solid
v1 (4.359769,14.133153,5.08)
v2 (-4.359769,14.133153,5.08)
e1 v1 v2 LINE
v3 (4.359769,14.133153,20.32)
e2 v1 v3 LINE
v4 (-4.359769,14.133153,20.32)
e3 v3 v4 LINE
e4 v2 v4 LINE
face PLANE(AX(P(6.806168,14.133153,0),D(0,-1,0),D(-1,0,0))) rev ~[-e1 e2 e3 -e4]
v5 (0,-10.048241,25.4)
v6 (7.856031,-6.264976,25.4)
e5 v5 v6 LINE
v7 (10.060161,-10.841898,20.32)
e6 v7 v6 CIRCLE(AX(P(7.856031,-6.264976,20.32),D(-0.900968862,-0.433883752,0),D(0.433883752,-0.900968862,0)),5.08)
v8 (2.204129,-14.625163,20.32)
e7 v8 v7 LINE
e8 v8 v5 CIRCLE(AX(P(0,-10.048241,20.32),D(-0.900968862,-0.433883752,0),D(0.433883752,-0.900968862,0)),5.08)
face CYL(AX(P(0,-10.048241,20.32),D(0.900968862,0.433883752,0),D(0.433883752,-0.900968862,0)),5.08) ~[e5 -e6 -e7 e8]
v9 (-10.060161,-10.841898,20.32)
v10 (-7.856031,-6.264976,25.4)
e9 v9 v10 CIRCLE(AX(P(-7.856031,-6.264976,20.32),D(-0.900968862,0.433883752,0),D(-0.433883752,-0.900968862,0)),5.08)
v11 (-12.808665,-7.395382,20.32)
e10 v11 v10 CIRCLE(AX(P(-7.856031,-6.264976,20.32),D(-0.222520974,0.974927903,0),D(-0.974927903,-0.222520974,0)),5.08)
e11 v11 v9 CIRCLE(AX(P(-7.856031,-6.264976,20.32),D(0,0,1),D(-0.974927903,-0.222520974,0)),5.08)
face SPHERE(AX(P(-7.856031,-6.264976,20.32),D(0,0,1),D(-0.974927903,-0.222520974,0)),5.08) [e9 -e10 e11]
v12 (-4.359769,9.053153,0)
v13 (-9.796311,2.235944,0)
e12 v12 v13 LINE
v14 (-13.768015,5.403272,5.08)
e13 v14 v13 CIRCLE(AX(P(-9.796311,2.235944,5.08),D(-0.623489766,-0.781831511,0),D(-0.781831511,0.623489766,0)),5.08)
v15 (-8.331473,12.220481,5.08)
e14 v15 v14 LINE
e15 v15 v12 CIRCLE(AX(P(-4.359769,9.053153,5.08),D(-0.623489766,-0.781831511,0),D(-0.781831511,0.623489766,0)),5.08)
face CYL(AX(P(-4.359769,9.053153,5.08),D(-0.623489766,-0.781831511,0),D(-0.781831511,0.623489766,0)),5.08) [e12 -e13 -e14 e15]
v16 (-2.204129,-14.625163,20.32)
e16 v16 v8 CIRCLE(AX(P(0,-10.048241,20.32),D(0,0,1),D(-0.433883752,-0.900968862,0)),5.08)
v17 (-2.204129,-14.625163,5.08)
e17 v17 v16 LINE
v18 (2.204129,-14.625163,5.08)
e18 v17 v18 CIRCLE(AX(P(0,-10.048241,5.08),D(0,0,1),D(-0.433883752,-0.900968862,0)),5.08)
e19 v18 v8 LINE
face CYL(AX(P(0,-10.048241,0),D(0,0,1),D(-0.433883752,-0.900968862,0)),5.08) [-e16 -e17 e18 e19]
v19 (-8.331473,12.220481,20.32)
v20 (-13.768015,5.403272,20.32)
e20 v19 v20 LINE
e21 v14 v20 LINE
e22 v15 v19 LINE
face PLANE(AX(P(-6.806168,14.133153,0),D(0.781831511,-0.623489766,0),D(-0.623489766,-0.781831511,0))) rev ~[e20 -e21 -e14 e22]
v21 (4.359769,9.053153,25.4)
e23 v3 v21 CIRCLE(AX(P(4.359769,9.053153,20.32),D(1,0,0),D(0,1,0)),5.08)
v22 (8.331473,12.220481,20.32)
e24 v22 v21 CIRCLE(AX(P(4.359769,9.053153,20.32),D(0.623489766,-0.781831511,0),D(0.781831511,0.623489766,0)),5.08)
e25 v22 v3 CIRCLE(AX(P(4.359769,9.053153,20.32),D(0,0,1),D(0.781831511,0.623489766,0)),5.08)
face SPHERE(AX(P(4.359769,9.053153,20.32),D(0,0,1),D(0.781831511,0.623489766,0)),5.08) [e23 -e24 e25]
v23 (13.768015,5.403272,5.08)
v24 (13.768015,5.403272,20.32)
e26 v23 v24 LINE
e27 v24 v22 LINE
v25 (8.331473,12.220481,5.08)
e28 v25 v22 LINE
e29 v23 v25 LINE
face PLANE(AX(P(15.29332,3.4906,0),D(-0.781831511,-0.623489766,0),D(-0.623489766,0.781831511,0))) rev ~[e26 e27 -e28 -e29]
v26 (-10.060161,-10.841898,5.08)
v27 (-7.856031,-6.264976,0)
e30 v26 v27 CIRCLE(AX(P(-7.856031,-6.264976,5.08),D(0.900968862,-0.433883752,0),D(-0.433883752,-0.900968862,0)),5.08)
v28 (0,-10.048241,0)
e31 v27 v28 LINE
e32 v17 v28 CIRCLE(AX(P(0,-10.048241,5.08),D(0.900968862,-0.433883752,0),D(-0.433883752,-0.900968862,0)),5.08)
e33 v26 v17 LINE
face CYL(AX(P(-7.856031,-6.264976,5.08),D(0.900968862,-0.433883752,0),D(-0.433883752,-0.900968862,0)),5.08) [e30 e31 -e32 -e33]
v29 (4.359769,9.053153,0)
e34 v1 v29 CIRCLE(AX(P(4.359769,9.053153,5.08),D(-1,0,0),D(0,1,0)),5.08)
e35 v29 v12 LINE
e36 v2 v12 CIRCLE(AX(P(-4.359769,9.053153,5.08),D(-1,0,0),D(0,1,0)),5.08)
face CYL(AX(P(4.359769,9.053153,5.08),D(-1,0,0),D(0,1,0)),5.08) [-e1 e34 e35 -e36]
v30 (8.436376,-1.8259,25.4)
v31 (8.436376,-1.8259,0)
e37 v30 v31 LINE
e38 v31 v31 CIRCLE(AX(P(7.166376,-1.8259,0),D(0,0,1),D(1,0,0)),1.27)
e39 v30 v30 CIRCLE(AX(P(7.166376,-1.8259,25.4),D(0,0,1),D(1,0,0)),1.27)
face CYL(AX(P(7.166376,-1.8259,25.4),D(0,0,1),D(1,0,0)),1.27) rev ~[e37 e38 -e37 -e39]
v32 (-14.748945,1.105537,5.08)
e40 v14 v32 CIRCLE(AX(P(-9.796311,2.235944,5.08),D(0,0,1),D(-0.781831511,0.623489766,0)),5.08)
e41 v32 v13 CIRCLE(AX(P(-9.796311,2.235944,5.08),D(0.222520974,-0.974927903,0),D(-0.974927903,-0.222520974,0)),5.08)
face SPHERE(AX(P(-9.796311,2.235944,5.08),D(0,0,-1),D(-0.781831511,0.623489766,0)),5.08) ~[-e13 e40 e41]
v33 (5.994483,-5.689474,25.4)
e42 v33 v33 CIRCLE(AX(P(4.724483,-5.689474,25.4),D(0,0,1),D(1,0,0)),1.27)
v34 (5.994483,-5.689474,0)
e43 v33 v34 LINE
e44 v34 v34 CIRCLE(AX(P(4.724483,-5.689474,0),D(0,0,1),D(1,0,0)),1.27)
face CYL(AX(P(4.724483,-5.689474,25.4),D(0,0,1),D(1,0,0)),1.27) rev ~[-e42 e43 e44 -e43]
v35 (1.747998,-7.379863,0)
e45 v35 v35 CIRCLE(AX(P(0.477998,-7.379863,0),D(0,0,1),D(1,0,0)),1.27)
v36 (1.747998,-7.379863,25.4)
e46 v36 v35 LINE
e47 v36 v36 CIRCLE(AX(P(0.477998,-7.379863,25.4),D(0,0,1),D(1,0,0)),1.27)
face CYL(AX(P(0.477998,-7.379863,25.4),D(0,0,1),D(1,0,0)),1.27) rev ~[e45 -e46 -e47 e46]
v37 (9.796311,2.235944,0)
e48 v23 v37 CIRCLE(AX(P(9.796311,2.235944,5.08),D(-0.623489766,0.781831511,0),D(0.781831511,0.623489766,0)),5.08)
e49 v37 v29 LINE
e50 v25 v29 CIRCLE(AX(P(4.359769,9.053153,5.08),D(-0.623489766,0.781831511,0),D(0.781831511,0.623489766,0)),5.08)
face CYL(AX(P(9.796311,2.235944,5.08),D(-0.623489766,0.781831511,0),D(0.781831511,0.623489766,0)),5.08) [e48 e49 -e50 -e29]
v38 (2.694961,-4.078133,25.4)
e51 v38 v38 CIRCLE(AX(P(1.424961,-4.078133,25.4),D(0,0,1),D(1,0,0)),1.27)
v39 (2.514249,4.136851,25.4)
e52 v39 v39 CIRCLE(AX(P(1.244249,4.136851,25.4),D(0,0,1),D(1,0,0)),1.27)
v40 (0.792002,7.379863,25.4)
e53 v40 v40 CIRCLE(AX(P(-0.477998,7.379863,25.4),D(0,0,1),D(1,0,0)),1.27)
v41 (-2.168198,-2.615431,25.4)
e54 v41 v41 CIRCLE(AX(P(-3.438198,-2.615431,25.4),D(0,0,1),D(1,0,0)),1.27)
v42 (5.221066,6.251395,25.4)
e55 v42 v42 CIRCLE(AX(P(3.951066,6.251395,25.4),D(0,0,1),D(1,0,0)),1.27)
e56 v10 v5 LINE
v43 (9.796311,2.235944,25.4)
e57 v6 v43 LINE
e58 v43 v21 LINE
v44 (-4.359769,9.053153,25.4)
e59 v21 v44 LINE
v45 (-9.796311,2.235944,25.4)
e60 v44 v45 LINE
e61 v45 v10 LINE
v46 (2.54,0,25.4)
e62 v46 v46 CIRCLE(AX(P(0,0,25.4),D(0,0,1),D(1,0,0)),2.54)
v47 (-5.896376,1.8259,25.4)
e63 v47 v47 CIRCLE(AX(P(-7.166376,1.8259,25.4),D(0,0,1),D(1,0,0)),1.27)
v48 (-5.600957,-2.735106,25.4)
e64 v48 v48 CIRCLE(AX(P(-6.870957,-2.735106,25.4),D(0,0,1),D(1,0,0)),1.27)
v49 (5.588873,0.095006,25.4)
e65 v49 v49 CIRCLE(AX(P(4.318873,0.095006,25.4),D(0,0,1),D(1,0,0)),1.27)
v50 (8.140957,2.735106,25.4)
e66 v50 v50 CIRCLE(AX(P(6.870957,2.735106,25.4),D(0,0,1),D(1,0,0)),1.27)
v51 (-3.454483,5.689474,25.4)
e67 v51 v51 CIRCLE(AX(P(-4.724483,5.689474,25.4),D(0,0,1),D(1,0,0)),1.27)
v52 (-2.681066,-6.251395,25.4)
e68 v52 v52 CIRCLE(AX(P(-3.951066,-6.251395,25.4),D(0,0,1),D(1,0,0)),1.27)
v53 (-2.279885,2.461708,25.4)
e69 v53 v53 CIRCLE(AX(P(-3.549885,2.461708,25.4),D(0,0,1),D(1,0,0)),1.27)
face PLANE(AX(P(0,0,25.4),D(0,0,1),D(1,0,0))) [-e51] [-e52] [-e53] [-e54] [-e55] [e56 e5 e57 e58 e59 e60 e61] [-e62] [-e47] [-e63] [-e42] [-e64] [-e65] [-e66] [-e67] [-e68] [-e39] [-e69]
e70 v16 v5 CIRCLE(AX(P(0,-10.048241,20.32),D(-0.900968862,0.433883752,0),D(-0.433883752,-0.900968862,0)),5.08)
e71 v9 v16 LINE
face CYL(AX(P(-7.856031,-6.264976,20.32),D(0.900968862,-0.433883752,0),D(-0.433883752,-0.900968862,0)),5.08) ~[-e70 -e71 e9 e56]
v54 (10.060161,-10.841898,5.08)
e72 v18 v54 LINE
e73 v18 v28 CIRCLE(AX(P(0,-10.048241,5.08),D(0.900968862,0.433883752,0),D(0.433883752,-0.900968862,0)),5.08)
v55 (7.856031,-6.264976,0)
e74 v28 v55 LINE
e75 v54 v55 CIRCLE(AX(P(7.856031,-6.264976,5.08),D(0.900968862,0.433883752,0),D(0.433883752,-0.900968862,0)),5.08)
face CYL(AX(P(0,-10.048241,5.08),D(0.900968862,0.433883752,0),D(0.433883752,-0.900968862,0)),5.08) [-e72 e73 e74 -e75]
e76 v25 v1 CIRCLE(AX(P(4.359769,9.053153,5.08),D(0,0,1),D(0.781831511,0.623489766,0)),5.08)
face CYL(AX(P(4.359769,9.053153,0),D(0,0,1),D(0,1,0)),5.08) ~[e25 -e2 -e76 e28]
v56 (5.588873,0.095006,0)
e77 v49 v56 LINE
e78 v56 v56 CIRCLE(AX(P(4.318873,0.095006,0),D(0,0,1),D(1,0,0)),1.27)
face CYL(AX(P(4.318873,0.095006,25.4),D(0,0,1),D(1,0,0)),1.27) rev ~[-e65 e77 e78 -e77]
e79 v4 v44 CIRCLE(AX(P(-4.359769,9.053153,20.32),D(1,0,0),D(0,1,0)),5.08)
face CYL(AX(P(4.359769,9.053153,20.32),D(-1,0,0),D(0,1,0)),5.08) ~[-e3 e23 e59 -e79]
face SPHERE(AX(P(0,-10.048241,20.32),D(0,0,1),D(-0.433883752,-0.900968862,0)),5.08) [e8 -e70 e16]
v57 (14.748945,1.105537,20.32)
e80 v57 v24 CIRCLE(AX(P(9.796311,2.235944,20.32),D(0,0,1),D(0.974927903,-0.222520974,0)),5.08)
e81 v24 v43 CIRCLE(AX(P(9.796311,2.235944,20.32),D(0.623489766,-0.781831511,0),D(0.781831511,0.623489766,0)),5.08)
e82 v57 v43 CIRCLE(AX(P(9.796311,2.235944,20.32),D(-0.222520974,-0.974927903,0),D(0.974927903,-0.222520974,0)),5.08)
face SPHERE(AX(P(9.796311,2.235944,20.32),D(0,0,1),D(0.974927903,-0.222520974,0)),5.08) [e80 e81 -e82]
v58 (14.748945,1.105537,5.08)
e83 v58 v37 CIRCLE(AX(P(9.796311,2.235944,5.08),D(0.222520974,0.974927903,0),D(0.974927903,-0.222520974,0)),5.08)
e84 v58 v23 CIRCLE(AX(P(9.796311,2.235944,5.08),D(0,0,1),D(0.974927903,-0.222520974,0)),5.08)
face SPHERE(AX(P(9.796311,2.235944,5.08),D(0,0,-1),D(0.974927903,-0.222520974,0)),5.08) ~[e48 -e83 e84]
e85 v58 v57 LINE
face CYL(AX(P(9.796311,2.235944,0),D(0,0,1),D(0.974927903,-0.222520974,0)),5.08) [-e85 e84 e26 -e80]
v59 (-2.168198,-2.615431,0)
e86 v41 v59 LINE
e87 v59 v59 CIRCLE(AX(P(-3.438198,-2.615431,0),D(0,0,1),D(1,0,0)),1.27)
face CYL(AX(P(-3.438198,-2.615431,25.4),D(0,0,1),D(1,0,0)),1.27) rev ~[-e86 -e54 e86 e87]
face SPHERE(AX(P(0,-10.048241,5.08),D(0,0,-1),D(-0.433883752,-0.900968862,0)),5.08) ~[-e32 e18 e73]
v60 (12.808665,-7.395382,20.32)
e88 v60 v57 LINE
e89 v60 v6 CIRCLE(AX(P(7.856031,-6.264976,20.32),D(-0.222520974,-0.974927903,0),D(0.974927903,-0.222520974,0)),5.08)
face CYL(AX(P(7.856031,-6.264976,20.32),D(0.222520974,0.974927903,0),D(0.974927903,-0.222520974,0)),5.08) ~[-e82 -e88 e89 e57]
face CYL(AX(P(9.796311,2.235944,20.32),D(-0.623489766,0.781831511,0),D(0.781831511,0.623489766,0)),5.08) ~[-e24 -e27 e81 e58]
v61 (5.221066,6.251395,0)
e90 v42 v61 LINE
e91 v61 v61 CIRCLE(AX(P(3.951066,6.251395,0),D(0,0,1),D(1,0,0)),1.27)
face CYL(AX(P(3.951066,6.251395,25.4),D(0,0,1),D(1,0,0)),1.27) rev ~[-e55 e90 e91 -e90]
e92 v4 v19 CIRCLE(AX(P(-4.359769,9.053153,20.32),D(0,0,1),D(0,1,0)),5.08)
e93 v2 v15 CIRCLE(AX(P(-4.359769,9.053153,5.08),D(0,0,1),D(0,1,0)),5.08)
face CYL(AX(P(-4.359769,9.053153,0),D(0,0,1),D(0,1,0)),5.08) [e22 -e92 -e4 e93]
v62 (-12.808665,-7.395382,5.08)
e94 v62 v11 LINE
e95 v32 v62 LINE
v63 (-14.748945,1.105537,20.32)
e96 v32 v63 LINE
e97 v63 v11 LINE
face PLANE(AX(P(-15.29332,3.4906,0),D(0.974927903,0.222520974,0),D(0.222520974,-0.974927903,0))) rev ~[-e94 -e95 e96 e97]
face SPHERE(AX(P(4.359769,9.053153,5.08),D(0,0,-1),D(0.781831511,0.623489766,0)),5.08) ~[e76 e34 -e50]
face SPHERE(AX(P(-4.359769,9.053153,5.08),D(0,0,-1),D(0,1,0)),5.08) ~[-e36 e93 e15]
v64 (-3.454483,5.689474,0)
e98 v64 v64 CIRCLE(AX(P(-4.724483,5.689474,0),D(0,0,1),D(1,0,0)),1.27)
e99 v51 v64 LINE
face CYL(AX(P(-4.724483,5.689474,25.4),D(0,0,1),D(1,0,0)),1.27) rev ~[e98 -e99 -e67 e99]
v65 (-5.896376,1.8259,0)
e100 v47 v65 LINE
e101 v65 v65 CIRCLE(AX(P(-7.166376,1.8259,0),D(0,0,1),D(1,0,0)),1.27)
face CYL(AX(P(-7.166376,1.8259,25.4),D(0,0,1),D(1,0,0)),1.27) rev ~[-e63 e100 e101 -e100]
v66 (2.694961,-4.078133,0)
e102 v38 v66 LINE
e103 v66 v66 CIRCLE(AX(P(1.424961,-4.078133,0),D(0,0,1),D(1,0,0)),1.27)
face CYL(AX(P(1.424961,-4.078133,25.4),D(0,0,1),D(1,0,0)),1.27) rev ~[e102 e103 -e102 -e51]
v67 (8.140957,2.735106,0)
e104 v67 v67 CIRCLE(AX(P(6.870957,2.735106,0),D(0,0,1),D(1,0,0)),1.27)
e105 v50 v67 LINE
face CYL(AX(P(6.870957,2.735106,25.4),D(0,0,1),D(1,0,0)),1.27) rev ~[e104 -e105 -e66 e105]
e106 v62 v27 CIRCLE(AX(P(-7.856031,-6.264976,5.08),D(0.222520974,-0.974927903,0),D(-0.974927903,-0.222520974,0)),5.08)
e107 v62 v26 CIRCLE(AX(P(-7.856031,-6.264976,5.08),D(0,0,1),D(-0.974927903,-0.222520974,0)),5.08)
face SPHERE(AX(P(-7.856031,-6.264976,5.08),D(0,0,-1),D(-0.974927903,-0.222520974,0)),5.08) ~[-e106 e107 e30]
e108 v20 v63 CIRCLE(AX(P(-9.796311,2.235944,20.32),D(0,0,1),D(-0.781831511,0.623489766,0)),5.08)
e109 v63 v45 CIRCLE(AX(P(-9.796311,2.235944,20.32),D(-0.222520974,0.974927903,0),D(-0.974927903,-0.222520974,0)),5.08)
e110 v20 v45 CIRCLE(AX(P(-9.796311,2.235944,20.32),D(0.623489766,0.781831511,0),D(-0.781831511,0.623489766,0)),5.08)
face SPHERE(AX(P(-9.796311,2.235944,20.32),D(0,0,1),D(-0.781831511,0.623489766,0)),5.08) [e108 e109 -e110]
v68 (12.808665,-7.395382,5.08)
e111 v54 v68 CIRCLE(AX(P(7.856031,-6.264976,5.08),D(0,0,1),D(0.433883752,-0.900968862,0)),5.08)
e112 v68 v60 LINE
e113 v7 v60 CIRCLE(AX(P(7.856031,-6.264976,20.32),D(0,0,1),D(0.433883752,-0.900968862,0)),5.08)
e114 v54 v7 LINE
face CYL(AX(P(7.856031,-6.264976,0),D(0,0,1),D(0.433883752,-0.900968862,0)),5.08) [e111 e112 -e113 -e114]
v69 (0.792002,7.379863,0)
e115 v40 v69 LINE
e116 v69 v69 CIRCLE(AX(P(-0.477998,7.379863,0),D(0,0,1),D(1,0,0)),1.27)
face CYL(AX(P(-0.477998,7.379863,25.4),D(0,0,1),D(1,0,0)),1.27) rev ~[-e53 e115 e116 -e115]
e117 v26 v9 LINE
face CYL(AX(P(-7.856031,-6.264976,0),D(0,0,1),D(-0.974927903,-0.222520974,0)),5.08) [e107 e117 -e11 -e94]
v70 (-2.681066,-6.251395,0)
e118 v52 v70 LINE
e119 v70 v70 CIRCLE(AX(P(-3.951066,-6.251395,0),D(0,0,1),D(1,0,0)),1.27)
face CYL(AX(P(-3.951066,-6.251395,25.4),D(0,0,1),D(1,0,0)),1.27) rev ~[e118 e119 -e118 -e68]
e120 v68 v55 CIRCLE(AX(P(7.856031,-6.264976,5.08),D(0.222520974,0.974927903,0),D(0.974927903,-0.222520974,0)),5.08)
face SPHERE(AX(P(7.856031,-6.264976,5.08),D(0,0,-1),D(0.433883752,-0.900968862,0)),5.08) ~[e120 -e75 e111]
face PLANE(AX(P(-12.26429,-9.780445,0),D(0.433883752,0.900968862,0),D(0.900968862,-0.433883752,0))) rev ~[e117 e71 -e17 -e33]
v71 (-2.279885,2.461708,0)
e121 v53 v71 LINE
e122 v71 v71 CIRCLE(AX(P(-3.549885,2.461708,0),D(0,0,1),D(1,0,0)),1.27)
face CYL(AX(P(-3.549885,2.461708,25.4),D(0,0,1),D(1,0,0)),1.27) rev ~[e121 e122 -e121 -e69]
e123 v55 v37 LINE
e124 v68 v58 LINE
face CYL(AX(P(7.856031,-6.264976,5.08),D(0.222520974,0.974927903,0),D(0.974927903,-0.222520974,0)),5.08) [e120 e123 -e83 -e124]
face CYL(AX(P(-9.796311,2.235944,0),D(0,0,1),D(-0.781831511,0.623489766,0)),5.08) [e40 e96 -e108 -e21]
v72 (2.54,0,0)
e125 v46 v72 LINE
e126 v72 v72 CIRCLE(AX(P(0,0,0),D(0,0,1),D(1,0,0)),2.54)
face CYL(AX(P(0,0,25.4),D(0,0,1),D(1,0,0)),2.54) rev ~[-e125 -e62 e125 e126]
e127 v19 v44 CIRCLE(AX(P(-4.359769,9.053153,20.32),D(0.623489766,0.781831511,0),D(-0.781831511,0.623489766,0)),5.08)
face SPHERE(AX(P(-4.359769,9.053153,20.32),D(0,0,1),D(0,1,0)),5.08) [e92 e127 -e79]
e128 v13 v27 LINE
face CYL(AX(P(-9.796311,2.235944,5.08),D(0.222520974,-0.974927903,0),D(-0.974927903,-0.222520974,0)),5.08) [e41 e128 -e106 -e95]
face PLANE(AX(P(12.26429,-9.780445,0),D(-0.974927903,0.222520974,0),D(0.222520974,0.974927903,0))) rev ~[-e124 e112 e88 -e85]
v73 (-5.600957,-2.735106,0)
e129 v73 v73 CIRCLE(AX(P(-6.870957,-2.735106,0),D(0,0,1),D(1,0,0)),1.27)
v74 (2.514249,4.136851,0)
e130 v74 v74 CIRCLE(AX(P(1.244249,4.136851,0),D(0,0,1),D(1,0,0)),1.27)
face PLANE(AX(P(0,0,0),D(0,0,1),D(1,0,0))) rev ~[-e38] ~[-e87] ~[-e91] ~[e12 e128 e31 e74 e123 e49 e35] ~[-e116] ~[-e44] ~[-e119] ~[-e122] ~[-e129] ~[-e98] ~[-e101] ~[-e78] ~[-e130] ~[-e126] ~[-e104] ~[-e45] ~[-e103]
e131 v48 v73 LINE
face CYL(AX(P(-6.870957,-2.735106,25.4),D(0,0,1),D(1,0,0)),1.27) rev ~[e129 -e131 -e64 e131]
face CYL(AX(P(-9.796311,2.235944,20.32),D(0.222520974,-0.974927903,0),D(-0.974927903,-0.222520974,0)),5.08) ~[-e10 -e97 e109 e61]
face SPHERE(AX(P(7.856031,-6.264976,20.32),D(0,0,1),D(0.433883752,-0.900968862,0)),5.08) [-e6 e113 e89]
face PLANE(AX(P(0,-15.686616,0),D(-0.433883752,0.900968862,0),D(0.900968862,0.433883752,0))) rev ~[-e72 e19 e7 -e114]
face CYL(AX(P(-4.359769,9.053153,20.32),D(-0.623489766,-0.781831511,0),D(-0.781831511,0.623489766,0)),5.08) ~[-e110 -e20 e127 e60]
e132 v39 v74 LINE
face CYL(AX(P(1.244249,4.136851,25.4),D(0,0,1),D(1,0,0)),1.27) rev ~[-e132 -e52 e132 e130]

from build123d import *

# Parameters (mm, degrees)
F1_DEPTH = 25.4
F2_R     = 5.08
F3_R     = 5.08
F4_R     = 1.27
F4_R_2   = 2.54
F5_DEPTH = 37.084


with BuildPart() as f1:
    # F0 (on Top) → F1 (new body)
    with BuildSketch(Plane.XY):
        Polygon((6.806168, 14.133153), (-6.806168, 14.133153), (-15.29332, 3.4906), (-12.26429, -9.780445), (0, -15.686616), (12.26429, -9.780445), (15.29332, 3.4906), align=None)
    extrude(amount=F1_DEPTH)

    # F2
    f2_edges = [f1.edges().sort_by_distance(p)[0] for p in [
        (-12.26429, -9.780445, 12.7),
        (-15.29332, 3.4906, 12.7),
        (-6.806168, 14.133153, 12.7),
        (6.806168, 14.133153, 12.7),
        (15.29332, 3.4906, 12.7),
        (12.26429, -9.780445, 12.7),
        (0, -15.686616, 12.7),
    ]]
    fillet(f2_edges, radius=F2_R)

    # F3
    f3_edges = [f1.edges().sort_by_distance(p)[0] for p in [
        (0, 14.133153, 0),
        (0, 14.133153, 25.4),
        (6.563898, 13.630074, 25.4),
        (-6.563898, 13.630074, 25.4),
        (11.049744, 8.811876, 25.4),
        (-11.049744, 8.811876, 25.4),
        (14.748945, 3.36635, 25.4),
        (-14.748945, 3.36635, 25.4),
        (13.778805, -3.144922, 25.4),
        (-13.778805, -3.144922, 25.4),
        (11.827735, -9.432304, 25.4),
        (-11.827735, -9.432304, 25.4),
        (6.132145, -12.73353, 25.4),
        (-6.132145, -12.73353, 25.4),
        (0, -15.128241, 25.4),
    ]]
    fillet(f3_edges, radius=F3_R)

    # F4 (on face) → F5 (cut)
    with BuildSketch(Plane.XY.offset(25.4)):
        with Locations((0.477998, -7.379863)):
            Circle(F4_R)
        with Locations((-3.438198, -2.615431)):
            Circle(F4_R)
        with Locations((4.724483, -5.689474)):
            Circle(F4_R)
        with Locations((7.166376, -1.8259)):
            Circle(F4_R)
        with Locations((4.318873, 0.095006)):
            Circle(F4_R)
        with Locations((6.870957, 2.735106)):
            Circle(F4_R)
        with Locations((3.951066, 6.251395)):
            Circle(F4_R)
        with Locations((1.244249, 4.136851)):
            Circle(F4_R)
        Circle(F4_R_2)
        with Locations((1.424961, -4.078133)):
            Circle(F4_R)
        with Locations((-3.951066, -6.251395)):
            Circle(F4_R)
        with Locations((-6.870957, -2.735106)):
            Circle(F4_R)
        with Locations((-7.166376, 1.8259)):
            Circle(F4_R)
        with Locations((-3.549885, 2.461708)):
            Circle(F4_R)
        with Locations((-4.724483, 5.689474)):
            Circle(F4_R)
        with Locations((-0.477998, 7.379863)):
            Circle(F4_R)
    extrude(amount=-F5_DEPTH, mode=Mode.SUBTRACT)


solid = f1.part
